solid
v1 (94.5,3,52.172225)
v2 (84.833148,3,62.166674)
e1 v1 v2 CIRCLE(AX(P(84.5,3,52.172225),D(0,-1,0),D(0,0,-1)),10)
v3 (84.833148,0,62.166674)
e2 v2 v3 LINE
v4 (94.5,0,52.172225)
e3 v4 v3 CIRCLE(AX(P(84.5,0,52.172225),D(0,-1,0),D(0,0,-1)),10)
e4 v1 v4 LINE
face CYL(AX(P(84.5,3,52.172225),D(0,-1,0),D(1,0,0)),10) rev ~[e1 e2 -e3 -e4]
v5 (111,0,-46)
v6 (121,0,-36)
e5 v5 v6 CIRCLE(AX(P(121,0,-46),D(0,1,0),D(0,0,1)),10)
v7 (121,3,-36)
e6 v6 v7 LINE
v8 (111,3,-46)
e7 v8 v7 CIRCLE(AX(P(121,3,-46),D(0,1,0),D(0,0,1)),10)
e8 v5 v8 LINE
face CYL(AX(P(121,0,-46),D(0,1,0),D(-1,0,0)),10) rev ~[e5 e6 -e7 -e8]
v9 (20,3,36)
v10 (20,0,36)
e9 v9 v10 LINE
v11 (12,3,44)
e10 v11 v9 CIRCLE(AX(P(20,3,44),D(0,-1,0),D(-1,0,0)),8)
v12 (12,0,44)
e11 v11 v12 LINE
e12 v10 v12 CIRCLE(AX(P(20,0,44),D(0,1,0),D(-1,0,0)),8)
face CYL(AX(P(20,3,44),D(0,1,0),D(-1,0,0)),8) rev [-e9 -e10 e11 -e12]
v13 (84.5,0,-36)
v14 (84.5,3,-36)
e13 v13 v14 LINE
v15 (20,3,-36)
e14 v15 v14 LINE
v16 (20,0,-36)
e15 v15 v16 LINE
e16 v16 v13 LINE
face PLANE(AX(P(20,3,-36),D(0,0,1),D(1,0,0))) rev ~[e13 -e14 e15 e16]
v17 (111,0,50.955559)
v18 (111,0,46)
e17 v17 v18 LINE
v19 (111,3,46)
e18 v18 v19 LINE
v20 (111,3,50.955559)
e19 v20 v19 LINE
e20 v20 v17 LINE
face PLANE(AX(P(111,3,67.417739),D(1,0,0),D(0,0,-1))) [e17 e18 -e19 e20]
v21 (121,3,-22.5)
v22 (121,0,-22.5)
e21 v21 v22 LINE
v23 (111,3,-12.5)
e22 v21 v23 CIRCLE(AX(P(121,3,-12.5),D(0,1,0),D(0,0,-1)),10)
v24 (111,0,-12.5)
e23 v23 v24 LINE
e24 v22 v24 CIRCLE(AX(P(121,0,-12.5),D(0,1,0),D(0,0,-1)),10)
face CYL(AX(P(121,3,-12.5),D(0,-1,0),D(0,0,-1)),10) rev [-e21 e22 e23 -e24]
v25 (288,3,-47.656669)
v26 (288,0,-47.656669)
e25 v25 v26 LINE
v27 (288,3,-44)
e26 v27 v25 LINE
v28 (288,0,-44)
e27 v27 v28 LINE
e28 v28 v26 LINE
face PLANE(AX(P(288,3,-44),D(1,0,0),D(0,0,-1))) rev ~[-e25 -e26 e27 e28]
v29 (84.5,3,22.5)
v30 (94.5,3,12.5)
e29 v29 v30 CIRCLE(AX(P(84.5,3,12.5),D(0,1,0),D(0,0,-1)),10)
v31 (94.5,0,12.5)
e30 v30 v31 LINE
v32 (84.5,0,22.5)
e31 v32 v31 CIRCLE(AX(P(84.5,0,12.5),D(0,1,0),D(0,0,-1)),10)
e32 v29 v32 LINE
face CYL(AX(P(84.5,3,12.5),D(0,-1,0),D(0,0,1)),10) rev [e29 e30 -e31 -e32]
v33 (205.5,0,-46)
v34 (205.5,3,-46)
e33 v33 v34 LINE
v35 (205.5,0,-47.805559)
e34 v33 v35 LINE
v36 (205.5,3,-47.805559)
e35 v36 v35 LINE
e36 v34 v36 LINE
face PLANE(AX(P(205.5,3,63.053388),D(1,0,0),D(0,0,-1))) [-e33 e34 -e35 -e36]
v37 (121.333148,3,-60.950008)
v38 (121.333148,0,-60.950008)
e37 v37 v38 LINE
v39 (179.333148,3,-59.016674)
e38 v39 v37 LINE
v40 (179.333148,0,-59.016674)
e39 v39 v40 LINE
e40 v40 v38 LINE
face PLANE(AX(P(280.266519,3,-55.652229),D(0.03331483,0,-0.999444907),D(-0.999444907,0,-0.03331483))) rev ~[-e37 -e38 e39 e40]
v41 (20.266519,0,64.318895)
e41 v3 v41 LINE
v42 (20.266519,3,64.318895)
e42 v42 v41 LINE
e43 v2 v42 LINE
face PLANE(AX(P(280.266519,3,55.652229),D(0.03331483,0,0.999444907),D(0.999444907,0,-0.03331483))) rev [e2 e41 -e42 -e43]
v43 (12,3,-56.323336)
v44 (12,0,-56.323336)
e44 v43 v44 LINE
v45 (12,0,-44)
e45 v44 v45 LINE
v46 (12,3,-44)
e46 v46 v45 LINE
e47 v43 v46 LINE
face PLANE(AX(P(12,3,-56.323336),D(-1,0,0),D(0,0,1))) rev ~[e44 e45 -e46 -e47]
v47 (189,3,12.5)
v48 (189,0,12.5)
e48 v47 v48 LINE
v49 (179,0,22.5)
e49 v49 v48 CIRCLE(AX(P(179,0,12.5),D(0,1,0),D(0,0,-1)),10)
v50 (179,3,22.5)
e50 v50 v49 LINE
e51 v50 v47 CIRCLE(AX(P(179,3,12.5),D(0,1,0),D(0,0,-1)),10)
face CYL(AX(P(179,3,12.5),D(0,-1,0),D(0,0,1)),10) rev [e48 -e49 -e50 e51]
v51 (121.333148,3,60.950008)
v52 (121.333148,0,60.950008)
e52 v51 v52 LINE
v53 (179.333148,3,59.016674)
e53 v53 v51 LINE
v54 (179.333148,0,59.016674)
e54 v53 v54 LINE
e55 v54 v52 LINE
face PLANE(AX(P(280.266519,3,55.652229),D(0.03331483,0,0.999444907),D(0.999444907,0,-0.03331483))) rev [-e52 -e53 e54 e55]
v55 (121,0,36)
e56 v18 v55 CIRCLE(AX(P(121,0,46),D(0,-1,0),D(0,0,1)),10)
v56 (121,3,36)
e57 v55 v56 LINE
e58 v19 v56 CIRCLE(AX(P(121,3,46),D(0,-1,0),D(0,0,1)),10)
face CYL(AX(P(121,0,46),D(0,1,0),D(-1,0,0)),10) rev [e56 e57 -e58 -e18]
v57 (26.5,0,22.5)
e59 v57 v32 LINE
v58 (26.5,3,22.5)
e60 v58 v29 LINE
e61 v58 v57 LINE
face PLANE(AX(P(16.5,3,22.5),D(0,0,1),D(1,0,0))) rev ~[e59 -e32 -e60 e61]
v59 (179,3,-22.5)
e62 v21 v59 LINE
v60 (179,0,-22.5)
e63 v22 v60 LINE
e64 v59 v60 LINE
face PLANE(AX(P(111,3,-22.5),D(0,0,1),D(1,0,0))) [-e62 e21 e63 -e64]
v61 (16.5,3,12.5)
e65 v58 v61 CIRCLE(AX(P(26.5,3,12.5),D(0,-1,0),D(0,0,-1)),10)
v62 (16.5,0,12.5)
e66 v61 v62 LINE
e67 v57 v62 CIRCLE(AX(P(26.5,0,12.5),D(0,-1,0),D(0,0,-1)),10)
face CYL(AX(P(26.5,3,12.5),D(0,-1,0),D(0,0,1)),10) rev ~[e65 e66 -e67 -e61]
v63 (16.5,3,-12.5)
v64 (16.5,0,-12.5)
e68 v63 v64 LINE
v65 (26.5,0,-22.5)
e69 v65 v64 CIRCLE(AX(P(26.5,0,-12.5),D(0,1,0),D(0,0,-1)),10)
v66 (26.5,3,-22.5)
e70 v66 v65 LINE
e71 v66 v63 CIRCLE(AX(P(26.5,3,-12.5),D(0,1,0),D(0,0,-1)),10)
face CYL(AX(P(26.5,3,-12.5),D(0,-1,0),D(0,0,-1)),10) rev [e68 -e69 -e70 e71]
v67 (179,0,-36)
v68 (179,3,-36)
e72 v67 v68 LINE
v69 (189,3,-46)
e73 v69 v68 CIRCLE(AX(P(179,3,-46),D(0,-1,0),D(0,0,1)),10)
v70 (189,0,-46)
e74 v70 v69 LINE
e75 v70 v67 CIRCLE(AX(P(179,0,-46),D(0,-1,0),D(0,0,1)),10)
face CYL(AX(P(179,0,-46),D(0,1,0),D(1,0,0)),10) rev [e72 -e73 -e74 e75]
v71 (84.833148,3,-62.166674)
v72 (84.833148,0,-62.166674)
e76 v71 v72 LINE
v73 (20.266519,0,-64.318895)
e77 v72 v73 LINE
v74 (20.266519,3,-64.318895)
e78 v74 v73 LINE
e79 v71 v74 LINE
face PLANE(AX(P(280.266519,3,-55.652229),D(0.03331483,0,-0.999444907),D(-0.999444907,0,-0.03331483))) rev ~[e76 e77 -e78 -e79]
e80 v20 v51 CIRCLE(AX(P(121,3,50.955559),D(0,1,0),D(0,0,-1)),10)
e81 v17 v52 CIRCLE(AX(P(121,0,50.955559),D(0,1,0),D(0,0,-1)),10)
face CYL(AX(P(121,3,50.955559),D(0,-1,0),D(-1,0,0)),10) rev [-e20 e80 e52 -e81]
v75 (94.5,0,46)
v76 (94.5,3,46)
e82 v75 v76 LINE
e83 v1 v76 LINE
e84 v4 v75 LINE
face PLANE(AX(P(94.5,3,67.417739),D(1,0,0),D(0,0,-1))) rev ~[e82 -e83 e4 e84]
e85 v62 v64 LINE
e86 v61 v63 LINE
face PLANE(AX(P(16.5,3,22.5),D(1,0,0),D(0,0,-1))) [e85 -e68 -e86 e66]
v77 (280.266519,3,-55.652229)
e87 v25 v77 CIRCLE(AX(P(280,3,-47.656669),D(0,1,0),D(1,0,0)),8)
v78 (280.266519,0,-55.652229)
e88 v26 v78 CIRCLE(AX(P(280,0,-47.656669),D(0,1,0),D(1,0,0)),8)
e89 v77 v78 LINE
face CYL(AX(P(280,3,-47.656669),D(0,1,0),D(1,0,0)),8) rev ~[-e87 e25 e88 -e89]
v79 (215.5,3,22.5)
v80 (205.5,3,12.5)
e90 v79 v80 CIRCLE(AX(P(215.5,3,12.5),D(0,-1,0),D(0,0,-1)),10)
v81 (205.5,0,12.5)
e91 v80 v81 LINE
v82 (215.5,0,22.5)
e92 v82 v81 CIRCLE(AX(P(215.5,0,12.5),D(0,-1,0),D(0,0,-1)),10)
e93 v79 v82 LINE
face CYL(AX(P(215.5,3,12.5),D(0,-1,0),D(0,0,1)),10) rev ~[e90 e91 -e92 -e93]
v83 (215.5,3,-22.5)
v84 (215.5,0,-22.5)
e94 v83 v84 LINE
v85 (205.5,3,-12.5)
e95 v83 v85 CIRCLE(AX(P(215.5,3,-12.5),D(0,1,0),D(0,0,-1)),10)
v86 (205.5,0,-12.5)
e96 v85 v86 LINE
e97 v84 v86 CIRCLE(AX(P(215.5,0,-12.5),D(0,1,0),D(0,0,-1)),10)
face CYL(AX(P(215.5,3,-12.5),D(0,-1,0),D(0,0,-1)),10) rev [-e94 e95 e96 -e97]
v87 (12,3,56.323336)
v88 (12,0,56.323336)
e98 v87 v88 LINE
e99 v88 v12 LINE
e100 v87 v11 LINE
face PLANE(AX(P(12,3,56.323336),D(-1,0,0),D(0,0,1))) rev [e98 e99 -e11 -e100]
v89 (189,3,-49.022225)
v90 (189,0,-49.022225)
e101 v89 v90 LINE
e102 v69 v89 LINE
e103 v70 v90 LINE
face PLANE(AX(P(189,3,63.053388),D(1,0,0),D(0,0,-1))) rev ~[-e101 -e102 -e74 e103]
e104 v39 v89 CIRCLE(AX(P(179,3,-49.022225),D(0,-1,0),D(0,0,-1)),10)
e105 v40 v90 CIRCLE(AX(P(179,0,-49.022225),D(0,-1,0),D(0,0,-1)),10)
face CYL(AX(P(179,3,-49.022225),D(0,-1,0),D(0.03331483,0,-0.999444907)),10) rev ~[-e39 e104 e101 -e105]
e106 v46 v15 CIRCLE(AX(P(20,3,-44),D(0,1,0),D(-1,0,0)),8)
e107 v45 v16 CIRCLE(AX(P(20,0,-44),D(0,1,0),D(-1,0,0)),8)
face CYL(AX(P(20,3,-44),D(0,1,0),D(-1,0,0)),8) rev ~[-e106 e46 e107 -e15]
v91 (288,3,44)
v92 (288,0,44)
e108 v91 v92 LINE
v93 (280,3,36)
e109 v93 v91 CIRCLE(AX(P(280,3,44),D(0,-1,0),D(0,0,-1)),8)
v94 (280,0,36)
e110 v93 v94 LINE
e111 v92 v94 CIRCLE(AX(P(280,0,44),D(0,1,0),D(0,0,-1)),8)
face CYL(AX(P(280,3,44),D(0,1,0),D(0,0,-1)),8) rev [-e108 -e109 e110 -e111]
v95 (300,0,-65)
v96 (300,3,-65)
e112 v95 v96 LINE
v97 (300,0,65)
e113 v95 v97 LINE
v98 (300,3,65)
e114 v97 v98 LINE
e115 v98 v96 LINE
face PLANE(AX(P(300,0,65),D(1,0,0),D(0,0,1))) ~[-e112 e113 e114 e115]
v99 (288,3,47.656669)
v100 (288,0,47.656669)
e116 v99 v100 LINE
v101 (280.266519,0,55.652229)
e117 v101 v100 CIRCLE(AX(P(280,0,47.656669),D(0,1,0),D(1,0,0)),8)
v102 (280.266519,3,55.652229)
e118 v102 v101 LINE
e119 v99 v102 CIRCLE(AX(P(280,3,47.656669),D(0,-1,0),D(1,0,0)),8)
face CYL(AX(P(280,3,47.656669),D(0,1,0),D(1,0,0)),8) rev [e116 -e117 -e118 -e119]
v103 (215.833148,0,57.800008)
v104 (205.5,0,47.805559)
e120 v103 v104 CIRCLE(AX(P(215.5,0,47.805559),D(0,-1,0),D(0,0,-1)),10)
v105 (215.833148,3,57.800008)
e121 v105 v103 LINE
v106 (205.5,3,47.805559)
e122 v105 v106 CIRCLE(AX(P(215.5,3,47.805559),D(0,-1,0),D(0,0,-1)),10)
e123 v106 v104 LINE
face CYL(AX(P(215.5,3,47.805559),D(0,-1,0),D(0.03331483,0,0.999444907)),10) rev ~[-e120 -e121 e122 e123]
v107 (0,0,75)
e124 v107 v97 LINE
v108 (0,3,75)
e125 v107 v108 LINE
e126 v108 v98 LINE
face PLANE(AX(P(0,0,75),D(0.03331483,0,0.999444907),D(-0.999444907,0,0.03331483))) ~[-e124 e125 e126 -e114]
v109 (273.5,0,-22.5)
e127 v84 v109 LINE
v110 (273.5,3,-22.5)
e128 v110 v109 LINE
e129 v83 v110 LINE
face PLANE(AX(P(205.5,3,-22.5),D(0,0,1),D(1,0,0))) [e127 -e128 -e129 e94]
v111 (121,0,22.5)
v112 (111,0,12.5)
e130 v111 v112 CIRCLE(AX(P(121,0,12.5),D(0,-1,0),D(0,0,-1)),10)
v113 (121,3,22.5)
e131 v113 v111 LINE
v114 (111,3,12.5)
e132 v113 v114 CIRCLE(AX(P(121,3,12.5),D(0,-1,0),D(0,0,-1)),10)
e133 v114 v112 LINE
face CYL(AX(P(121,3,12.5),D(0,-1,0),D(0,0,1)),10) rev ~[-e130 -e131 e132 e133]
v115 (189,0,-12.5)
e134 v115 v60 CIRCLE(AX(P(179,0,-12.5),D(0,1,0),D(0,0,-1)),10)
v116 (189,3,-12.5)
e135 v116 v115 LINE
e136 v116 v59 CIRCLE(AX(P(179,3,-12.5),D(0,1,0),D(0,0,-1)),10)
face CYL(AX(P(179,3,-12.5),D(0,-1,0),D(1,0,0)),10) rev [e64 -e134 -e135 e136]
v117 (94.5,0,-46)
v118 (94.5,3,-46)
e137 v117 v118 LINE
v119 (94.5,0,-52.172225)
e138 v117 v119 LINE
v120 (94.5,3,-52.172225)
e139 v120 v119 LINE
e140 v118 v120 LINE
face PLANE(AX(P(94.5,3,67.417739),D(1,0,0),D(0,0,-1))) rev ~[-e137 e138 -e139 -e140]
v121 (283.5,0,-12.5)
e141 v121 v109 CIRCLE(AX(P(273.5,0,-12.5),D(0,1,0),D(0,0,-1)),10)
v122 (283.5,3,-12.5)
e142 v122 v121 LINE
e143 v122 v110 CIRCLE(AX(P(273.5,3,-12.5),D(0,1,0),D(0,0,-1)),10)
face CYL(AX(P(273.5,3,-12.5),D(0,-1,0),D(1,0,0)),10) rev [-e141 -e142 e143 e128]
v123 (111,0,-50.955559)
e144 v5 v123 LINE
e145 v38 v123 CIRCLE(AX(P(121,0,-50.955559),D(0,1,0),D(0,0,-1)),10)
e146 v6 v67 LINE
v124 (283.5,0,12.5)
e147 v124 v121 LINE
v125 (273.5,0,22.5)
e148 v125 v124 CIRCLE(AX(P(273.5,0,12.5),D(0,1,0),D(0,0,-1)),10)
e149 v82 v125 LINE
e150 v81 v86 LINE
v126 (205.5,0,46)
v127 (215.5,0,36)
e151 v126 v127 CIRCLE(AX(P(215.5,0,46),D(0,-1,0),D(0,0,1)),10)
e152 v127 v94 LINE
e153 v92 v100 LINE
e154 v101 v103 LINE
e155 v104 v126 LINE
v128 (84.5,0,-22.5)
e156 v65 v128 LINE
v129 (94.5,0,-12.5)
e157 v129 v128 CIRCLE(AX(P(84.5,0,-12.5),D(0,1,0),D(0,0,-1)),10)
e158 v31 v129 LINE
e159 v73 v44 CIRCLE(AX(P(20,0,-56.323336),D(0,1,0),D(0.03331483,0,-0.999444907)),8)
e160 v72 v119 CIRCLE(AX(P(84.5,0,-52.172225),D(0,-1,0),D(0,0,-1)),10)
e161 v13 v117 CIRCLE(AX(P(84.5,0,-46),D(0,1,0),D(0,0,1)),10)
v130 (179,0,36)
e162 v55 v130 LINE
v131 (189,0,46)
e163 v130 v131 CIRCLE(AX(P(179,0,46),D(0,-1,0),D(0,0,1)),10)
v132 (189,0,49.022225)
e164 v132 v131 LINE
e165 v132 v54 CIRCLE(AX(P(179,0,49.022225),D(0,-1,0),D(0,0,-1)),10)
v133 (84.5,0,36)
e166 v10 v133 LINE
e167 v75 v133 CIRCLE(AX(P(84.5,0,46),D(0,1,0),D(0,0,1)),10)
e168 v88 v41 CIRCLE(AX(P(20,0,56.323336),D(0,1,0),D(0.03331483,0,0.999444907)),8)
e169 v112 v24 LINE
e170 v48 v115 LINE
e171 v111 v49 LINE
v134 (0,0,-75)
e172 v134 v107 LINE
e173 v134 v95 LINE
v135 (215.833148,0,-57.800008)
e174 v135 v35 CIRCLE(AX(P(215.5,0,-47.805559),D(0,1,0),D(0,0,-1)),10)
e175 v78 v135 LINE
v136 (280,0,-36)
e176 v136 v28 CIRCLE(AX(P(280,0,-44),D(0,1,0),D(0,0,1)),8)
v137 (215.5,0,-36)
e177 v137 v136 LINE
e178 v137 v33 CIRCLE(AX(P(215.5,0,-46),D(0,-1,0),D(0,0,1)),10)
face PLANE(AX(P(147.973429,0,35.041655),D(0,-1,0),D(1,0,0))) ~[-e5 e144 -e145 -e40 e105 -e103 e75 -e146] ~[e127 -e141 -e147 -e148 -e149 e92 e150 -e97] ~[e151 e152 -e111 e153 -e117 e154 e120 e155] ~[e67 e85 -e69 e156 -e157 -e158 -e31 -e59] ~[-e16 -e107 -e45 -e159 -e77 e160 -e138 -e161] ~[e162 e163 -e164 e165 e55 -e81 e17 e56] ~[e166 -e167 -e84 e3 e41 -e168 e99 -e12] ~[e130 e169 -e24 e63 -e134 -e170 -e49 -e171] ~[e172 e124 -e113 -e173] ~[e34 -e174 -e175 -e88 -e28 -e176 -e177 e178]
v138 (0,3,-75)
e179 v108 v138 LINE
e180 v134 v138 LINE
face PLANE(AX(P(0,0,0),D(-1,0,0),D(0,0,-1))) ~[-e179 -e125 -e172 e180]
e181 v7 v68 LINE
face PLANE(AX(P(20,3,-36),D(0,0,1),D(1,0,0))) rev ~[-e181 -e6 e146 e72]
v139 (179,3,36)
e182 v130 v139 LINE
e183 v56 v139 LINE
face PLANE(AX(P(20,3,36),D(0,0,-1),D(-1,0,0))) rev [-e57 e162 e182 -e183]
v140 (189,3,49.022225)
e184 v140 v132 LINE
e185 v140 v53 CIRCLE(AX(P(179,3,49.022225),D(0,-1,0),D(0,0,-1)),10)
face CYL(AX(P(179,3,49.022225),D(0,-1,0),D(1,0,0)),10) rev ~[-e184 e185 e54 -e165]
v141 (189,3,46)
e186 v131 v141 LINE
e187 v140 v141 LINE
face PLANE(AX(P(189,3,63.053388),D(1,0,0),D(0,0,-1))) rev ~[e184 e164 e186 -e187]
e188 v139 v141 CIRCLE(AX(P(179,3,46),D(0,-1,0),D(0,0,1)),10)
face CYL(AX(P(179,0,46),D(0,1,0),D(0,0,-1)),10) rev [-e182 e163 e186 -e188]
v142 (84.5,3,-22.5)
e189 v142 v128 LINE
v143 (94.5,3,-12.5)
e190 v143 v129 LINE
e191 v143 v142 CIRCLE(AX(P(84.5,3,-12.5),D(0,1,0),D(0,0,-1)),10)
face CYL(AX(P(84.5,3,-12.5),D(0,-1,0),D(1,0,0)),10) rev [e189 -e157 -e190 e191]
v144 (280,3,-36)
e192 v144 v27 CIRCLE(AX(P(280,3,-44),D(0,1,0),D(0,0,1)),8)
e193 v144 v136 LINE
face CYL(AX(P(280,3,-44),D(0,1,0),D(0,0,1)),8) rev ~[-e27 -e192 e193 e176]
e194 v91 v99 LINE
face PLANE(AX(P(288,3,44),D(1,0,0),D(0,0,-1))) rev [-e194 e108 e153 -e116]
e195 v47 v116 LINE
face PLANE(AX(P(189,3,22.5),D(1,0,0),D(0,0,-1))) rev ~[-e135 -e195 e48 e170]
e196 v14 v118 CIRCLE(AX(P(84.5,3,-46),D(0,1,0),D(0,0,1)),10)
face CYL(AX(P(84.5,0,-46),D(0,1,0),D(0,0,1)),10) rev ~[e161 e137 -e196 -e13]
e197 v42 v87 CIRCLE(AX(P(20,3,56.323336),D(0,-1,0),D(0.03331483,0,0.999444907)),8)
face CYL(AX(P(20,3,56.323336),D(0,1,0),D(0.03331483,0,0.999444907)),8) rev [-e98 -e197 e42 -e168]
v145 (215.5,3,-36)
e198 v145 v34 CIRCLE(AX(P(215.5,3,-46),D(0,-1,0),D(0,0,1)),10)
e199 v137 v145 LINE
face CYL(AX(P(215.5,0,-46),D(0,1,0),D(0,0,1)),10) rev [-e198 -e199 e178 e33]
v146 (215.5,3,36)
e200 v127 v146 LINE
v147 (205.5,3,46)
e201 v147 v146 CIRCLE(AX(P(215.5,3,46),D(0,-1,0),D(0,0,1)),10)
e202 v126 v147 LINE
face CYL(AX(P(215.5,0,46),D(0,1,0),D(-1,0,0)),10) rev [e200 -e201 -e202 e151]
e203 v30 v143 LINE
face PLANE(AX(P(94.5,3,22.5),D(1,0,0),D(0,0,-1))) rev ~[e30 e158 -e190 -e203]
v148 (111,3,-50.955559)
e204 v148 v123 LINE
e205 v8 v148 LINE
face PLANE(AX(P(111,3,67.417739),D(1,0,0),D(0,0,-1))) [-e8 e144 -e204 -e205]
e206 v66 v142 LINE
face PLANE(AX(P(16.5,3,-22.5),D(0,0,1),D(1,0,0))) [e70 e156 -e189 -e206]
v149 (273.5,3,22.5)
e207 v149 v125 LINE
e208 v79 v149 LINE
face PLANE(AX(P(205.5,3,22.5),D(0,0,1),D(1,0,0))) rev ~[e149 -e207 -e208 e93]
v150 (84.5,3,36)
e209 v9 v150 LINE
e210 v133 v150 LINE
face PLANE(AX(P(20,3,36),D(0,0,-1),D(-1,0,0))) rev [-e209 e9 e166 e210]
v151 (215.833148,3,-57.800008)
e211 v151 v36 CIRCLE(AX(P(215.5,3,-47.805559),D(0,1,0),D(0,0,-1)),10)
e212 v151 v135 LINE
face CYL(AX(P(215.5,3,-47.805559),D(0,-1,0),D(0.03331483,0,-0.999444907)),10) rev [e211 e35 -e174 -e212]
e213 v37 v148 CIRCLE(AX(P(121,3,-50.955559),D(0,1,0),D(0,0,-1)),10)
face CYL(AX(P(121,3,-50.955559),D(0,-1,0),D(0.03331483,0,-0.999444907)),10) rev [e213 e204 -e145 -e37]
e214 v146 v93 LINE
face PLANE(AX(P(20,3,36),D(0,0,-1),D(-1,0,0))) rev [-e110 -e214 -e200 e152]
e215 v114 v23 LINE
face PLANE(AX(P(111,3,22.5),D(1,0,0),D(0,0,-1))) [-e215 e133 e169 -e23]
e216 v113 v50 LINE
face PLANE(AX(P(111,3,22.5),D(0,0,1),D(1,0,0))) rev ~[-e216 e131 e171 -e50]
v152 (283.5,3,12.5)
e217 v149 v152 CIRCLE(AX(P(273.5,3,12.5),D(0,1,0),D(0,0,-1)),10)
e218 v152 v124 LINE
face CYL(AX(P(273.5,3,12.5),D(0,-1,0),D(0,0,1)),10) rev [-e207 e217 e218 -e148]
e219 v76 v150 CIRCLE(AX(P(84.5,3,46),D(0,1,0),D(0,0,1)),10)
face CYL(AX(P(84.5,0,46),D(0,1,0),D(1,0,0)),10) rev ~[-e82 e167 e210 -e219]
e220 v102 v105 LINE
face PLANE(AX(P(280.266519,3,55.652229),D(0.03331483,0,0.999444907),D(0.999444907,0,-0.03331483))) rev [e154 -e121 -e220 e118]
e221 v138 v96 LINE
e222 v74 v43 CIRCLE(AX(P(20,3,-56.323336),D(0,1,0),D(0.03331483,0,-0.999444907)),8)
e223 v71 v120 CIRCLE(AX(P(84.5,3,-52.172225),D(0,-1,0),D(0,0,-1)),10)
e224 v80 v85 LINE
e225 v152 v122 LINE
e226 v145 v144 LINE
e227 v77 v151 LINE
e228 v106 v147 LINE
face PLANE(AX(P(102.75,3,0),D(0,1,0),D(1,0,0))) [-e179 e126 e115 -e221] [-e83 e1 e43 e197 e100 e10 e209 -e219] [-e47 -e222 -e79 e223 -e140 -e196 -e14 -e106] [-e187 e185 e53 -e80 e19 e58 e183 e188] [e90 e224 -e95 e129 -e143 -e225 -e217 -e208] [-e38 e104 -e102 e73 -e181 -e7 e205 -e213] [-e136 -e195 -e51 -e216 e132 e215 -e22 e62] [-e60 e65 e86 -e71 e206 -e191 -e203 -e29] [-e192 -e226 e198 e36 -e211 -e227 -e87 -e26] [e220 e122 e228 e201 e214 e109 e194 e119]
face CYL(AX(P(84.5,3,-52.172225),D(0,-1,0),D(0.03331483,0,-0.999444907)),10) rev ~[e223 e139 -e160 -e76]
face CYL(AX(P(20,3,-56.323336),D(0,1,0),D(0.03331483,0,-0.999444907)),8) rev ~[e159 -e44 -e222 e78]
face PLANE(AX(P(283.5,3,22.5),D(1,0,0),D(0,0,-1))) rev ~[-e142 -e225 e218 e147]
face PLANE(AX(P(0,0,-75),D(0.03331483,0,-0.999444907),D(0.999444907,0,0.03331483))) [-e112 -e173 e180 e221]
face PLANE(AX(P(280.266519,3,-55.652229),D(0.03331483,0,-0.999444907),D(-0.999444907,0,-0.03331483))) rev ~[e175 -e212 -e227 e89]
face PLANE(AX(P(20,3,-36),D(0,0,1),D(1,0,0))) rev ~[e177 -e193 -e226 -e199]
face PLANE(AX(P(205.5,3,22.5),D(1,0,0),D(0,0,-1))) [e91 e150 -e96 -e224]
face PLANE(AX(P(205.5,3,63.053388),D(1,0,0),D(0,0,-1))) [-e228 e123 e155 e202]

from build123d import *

# Parameters (mm, degrees)
BOSS_EXTRUDE1_DEPTH = 3
SKETCH2_W           = 78
SKETCH2_H           = 45
CUT_EXTRUDE1_DEPTH  = 10
FILLET1_R           = 10
CUT_EXTRUDE2_DEPTH  = 10
SKETCH4_W           = 16.5
SKETCH4_H           = 134.835477832
SKETCH4_H_2         = 126.10677569
BOSS_EXTRUDE2_DEPTH = 3
FILLET2_R           = 10
FILLET3_R           = 10


with BuildPart() as part:
    # Sketch1 → Boss-Extrude1 (new body)
    with BuildSketch(Plane(origin=(0, 0, 0), x_dir=(1, 0, 0), z_dir=(0, 1, 0))):
        Polygon((0, 0), (0, 75.000000004), (300, 65), (300, 0), align=None)
    boss_extrude1 = extrude(amount=BOSS_EXTRUDE1_DEPTH)

    # Mirror1: Boss-Extrude1 across Front Plane
    add(boss_extrude1.mirror(Plane.XY))

    # Sketch2 → Cut-Extrude1 (cut)
    with BuildSketch(Plane(origin=(0, 3, 0), x_dir=(1, 0, 0), z_dir=(0, 1, 0))):
        with Locations((55.5, 0)):
            Rectangle(SKETCH2_W, SKETCH2_H)
        with Locations((150, 0)):
            Rectangle(SKETCH2_W, SKETCH2_H)
        with Locations((244.5, 0)):
            Rectangle(SKETCH2_W, SKETCH2_H)
    extrude(amount=-CUT_EXTRUDE1_DEPTH, mode=Mode.SUBTRACT)

    # Fillet1
    fillet1_edges = [part.edges().sort_by_distance(p)[0] for p in [
        (16.5, 1.5, 22.5),
        (16.5, 1.5, -22.5),
        (94.5, 1.5, -22.5),
        (94.5, 1.5, 22.5),
        (111, 1.5, 22.5),
        (111, 1.5, -22.5),
        (189, 1.5, -22.5),
        (189, 1.5, 22.5),
        (205.5, 1.5, 22.5),
        (205.5, 1.5, -22.5),
        (283.5, 1.5, -22.5),
        (283.5, 1.5, 22.5),
    ]]
    fillet(fillet1_edges, radius=FILLET1_R)

    # Sketch3 → Cut-Extrude2 (cut)
    with BuildSketch(Plane(origin=(0, 3, 0), x_dir=(1, 0, 0), z_dir=(0, 1, 0))):
        with BuildLine():
            Line((12, 56.323336113), (12, 44))
            ThreePointArc((12, 44), (14.343145751, 38.343145751), (20, 36))
            Line((20, 36), (280, 36))
            ThreePointArc((280, 36), (285.656854249, 38.343145751), (288, 44))
            Line((288, 44), (288, 47.656669443))
            ThreePointArc((288, 47.656669443), (285.750310824, 53.218496969), (280.266518642, 55.652228699))
            Line((280.266518642, 55.652228699), (20.266518642, 64.318895369))
            ThreePointArc((20.266518642, 64.318895369), (14.438172474, 62.073646937), (12, 56.323336113))
        make_face()
    cut_extrude2 = extrude(amount=-CUT_EXTRUDE2_DEPTH, mode=Mode.SUBTRACT)

    # Mirror2: Cut-Extrude2 across plane
    add(cut_extrude2.mirror(Plane.XY), mode=Mode.SUBTRACT)

    # Sketch4 → Boss-Extrude2 (add)
    with BuildSketch(Plane(origin=(0, 3, 0), x_dir=(1, 0, 0), z_dir=(0, 1, 0))):
        with Locations((102.75, 0)):
            Rectangle(SKETCH4_W, SKETCH4_H)
        with Locations((197.25, 0)):
            Rectangle(SKETCH4_W, SKETCH4_H_2)
    extrude(amount=-BOSS_EXTRUDE2_DEPTH)

    # Fillet2
    fillet2_edges = [part.edges().sort_by_distance(p)[0] for p in [
        (111, 1.5, -36),
        (111, 1.5, -61.294445989),
        (94.5, 1.5, -36),
        (94.5, 1.5, -61.844445989),
        (189, 1.5, -36),
        (205.5, 1.5, -36),
        (205.5, 1.5, -58.144445988),
        (189, 1.5, -58.694445988),
    ]]
    fillet(fillet2_edges, radius=FILLET2_R)

    # Fillet3
    fillet3_edges = [part.edges().sort_by_distance(p)[0] for p in [
        (94.5, 1.5, 36),
        (111, 1.5, 36),
        (111, 1.5, 61.294445989),
        (94.5, 1.5, 61.844445989),
        (189, 1.5, 58.694445988),
        (189, 1.5, 36),
        (205.5, 1.5, 58.144445988),
        (205.5, 1.5, 36),
    ]]
    fillet(fillet3_edges, radius=FILLET3_R)


solid = part.part
